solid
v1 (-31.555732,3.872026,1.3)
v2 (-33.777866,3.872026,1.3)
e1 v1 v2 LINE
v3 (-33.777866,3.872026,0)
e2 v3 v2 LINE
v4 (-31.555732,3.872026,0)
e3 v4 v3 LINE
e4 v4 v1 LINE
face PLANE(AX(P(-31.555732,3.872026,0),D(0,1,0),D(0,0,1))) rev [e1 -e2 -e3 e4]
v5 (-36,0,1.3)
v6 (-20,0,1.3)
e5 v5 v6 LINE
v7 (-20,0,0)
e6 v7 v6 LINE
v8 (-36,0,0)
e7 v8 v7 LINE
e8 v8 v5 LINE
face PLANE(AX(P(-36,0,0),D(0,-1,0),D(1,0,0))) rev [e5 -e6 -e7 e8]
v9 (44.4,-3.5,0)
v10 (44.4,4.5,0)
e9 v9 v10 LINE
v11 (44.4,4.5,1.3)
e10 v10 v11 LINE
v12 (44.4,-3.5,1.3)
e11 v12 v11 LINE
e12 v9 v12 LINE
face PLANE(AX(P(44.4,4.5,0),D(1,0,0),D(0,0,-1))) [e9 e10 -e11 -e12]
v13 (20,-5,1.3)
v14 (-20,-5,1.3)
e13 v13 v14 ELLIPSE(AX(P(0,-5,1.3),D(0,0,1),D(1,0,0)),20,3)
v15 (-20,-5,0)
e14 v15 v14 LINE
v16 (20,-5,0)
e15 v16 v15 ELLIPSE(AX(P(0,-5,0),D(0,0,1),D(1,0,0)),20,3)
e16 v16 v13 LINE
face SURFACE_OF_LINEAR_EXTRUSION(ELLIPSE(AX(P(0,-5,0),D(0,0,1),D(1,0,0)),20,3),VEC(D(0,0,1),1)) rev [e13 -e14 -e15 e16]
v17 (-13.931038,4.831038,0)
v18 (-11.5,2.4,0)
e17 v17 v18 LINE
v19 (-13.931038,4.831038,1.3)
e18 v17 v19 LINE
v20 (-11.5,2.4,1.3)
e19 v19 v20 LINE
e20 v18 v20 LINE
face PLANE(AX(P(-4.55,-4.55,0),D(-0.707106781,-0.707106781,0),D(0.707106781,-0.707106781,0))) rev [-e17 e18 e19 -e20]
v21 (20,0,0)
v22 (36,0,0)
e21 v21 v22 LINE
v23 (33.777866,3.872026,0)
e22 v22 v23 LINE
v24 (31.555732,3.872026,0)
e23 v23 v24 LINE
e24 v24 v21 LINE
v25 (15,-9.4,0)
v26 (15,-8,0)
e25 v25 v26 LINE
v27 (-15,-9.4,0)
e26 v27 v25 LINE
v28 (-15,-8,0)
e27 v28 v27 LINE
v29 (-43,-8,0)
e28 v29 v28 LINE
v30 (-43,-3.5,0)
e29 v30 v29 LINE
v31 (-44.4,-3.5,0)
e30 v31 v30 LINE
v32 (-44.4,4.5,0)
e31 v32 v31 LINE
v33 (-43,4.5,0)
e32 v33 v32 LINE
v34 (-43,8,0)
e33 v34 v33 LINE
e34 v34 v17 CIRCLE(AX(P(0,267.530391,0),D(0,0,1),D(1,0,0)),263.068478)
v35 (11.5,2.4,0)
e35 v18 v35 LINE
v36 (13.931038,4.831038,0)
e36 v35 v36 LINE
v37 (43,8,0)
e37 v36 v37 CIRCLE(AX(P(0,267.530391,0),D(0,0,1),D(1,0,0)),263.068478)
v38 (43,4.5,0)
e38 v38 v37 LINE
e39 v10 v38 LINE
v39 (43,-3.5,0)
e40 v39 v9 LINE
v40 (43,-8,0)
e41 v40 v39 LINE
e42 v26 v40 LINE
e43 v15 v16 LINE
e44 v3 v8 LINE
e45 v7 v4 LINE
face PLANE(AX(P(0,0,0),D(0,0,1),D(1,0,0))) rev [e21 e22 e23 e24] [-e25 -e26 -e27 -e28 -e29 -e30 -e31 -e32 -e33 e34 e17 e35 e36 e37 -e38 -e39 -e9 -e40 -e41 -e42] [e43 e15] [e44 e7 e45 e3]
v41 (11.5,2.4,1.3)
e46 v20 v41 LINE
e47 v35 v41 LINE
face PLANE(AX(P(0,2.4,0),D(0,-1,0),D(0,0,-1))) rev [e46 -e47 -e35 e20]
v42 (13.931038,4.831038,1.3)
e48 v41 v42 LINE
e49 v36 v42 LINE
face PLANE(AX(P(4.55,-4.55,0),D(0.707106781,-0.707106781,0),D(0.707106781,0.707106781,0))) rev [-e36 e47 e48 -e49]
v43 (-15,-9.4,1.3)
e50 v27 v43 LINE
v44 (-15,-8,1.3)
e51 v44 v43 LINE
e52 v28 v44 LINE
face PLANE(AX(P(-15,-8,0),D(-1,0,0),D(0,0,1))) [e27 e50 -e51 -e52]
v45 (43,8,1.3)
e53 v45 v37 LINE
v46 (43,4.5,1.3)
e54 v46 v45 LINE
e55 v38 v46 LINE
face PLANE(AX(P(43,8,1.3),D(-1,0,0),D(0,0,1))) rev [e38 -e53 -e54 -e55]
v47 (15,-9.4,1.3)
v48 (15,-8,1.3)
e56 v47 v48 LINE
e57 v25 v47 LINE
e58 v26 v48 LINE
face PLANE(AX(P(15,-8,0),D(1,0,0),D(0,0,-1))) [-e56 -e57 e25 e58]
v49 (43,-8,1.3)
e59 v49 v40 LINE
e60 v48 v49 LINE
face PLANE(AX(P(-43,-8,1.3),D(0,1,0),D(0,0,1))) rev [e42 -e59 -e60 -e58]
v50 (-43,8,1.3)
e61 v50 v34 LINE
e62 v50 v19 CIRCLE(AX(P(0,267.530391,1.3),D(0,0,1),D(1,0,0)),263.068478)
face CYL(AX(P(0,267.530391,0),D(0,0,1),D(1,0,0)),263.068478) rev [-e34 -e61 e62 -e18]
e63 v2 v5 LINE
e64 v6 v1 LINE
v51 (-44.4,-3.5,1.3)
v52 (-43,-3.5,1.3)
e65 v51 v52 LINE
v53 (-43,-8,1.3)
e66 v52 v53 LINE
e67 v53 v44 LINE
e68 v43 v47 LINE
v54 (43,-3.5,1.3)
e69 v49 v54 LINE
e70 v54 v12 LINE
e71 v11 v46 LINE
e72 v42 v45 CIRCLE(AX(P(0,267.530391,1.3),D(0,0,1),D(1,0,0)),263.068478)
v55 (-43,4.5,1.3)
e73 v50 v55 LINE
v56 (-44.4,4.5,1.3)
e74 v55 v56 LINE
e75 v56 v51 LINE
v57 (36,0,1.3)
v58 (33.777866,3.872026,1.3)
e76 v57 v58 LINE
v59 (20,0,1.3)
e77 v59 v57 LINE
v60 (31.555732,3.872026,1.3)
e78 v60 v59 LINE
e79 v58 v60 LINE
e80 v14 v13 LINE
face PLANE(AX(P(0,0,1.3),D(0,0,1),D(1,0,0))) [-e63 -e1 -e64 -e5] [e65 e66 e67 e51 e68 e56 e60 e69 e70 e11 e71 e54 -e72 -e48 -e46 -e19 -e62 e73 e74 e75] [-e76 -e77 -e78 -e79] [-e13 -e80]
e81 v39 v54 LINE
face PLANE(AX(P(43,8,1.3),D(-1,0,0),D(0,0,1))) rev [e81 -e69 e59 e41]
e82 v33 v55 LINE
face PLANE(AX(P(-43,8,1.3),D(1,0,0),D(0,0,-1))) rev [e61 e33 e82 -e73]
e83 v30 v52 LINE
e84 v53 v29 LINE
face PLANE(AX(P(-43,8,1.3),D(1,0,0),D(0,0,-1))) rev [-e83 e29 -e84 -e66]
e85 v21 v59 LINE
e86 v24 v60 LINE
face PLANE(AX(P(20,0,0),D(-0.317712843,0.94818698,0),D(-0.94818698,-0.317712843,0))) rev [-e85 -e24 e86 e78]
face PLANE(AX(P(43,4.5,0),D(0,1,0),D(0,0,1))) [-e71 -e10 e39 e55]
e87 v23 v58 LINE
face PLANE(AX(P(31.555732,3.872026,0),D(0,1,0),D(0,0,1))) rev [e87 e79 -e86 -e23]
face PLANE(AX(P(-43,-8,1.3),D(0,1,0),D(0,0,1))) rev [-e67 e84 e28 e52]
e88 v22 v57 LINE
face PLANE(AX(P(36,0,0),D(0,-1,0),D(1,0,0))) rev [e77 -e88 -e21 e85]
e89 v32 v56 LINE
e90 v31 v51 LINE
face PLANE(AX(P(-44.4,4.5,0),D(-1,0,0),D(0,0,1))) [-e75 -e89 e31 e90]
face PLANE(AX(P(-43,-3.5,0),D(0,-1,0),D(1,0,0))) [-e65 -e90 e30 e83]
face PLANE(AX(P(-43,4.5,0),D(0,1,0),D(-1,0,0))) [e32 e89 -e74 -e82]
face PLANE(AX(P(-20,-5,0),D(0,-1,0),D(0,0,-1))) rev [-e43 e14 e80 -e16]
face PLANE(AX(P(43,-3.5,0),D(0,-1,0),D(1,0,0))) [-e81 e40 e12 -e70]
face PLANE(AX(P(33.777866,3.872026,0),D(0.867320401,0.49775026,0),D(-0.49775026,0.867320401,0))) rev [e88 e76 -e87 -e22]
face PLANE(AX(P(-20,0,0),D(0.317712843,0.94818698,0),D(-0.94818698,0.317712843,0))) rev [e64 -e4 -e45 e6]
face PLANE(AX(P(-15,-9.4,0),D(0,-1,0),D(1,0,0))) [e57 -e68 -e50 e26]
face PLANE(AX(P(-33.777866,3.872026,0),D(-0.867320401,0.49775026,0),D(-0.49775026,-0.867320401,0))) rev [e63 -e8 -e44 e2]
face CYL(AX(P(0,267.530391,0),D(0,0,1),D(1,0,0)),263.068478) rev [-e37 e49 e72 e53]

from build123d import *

# Parameters (mm, degrees)
SKETCH1_W           = 86
SKETCH1_H           = 16
BOSS_EXTRUDE1_DEPTH = 1.3
SKETCH2_W           = 1.4
SKETCH2_H           = 8
SKETCH2_W_2         = 30
SKETCH2_H_2         = 1.4
BOSS_EXTRUDE2_DEPTH = 1.3
CUT_EXTRUDE1_DEPTH  = 46.40275322
CUT_EXTRUDE2_DEPTH  = 46.40275322


with BuildPart() as part:
    # Sketch1 → Boss-Extrude1 (new body)
    with BuildSketch(Plane.XY):
        Rectangle(SKETCH1_W, SKETCH1_H)
    extrude(amount=BOSS_EXTRUDE1_DEPTH)

    # Sketch2 → Boss-Extrude2 (add)
    with BuildSketch(Plane.XY.offset(1.3)):
        with Locations((-43.7, 0.5)):
            Rectangle(SKETCH2_W, SKETCH2_H)
        with Locations((43.7, 0.5)):
            Rectangle(SKETCH2_W, SKETCH2_H)
        with Locations((0, -8.7)):
            Rectangle(SKETCH2_W_2, SKETCH2_H_2)
    extrude(amount=-BOSS_EXTRUDE2_DEPTH)

    # Sketch3 → Cut-Extrude1 (cut, through all)
    with BuildSketch(Plane.XY.offset(1.3)):
        with BuildLine():
            Line((-43, 8), (43, 8))
            ThreePointArc((43, 8), (0, 4.461913504), (-43, 8))
        make_face()
        Polygon((-20, 0), (-31.555732492, 3.872025984), (-33.777866246, 3.872025984), (-36, 0), align=None)
        Polygon((36, 0), (20, 0), (31.555732492, 3.872025984), (33.777866246, 3.872025984), align=None)
    extrude(amount=-CUT_EXTRUDE1_DEPTH, mode=Mode.SUBTRACT)

    # Sketch4 → Cut-Extrude2 (cut, through all)
    with BuildSketch(Plane.XY.offset(1.3)):
        Polygon((-13.931038069, 4.831038069), (-11.5, 2.4), (11.5, 2.4), (13.931038069, 4.831038069), align=None)
        with BuildLine():
            Line((-20, -5), (20, -5))
            add(Edge.make_bspline(
                [(20, -5), (20, -2), (0, -2), (-20, -2), (-20, -5)],
                knots=[0, 0, 0, 1.570796327, 1.570796327, 3.141592654, 3.141592654, 3.141592654], degree=2, weights=[1, 0.707106781, 1, 0.707106781, 1]))
        make_face()
    extrude(amount=-CUT_EXTRUDE2_DEPTH, mode=Mode.SUBTRACT)


solid = part.part
